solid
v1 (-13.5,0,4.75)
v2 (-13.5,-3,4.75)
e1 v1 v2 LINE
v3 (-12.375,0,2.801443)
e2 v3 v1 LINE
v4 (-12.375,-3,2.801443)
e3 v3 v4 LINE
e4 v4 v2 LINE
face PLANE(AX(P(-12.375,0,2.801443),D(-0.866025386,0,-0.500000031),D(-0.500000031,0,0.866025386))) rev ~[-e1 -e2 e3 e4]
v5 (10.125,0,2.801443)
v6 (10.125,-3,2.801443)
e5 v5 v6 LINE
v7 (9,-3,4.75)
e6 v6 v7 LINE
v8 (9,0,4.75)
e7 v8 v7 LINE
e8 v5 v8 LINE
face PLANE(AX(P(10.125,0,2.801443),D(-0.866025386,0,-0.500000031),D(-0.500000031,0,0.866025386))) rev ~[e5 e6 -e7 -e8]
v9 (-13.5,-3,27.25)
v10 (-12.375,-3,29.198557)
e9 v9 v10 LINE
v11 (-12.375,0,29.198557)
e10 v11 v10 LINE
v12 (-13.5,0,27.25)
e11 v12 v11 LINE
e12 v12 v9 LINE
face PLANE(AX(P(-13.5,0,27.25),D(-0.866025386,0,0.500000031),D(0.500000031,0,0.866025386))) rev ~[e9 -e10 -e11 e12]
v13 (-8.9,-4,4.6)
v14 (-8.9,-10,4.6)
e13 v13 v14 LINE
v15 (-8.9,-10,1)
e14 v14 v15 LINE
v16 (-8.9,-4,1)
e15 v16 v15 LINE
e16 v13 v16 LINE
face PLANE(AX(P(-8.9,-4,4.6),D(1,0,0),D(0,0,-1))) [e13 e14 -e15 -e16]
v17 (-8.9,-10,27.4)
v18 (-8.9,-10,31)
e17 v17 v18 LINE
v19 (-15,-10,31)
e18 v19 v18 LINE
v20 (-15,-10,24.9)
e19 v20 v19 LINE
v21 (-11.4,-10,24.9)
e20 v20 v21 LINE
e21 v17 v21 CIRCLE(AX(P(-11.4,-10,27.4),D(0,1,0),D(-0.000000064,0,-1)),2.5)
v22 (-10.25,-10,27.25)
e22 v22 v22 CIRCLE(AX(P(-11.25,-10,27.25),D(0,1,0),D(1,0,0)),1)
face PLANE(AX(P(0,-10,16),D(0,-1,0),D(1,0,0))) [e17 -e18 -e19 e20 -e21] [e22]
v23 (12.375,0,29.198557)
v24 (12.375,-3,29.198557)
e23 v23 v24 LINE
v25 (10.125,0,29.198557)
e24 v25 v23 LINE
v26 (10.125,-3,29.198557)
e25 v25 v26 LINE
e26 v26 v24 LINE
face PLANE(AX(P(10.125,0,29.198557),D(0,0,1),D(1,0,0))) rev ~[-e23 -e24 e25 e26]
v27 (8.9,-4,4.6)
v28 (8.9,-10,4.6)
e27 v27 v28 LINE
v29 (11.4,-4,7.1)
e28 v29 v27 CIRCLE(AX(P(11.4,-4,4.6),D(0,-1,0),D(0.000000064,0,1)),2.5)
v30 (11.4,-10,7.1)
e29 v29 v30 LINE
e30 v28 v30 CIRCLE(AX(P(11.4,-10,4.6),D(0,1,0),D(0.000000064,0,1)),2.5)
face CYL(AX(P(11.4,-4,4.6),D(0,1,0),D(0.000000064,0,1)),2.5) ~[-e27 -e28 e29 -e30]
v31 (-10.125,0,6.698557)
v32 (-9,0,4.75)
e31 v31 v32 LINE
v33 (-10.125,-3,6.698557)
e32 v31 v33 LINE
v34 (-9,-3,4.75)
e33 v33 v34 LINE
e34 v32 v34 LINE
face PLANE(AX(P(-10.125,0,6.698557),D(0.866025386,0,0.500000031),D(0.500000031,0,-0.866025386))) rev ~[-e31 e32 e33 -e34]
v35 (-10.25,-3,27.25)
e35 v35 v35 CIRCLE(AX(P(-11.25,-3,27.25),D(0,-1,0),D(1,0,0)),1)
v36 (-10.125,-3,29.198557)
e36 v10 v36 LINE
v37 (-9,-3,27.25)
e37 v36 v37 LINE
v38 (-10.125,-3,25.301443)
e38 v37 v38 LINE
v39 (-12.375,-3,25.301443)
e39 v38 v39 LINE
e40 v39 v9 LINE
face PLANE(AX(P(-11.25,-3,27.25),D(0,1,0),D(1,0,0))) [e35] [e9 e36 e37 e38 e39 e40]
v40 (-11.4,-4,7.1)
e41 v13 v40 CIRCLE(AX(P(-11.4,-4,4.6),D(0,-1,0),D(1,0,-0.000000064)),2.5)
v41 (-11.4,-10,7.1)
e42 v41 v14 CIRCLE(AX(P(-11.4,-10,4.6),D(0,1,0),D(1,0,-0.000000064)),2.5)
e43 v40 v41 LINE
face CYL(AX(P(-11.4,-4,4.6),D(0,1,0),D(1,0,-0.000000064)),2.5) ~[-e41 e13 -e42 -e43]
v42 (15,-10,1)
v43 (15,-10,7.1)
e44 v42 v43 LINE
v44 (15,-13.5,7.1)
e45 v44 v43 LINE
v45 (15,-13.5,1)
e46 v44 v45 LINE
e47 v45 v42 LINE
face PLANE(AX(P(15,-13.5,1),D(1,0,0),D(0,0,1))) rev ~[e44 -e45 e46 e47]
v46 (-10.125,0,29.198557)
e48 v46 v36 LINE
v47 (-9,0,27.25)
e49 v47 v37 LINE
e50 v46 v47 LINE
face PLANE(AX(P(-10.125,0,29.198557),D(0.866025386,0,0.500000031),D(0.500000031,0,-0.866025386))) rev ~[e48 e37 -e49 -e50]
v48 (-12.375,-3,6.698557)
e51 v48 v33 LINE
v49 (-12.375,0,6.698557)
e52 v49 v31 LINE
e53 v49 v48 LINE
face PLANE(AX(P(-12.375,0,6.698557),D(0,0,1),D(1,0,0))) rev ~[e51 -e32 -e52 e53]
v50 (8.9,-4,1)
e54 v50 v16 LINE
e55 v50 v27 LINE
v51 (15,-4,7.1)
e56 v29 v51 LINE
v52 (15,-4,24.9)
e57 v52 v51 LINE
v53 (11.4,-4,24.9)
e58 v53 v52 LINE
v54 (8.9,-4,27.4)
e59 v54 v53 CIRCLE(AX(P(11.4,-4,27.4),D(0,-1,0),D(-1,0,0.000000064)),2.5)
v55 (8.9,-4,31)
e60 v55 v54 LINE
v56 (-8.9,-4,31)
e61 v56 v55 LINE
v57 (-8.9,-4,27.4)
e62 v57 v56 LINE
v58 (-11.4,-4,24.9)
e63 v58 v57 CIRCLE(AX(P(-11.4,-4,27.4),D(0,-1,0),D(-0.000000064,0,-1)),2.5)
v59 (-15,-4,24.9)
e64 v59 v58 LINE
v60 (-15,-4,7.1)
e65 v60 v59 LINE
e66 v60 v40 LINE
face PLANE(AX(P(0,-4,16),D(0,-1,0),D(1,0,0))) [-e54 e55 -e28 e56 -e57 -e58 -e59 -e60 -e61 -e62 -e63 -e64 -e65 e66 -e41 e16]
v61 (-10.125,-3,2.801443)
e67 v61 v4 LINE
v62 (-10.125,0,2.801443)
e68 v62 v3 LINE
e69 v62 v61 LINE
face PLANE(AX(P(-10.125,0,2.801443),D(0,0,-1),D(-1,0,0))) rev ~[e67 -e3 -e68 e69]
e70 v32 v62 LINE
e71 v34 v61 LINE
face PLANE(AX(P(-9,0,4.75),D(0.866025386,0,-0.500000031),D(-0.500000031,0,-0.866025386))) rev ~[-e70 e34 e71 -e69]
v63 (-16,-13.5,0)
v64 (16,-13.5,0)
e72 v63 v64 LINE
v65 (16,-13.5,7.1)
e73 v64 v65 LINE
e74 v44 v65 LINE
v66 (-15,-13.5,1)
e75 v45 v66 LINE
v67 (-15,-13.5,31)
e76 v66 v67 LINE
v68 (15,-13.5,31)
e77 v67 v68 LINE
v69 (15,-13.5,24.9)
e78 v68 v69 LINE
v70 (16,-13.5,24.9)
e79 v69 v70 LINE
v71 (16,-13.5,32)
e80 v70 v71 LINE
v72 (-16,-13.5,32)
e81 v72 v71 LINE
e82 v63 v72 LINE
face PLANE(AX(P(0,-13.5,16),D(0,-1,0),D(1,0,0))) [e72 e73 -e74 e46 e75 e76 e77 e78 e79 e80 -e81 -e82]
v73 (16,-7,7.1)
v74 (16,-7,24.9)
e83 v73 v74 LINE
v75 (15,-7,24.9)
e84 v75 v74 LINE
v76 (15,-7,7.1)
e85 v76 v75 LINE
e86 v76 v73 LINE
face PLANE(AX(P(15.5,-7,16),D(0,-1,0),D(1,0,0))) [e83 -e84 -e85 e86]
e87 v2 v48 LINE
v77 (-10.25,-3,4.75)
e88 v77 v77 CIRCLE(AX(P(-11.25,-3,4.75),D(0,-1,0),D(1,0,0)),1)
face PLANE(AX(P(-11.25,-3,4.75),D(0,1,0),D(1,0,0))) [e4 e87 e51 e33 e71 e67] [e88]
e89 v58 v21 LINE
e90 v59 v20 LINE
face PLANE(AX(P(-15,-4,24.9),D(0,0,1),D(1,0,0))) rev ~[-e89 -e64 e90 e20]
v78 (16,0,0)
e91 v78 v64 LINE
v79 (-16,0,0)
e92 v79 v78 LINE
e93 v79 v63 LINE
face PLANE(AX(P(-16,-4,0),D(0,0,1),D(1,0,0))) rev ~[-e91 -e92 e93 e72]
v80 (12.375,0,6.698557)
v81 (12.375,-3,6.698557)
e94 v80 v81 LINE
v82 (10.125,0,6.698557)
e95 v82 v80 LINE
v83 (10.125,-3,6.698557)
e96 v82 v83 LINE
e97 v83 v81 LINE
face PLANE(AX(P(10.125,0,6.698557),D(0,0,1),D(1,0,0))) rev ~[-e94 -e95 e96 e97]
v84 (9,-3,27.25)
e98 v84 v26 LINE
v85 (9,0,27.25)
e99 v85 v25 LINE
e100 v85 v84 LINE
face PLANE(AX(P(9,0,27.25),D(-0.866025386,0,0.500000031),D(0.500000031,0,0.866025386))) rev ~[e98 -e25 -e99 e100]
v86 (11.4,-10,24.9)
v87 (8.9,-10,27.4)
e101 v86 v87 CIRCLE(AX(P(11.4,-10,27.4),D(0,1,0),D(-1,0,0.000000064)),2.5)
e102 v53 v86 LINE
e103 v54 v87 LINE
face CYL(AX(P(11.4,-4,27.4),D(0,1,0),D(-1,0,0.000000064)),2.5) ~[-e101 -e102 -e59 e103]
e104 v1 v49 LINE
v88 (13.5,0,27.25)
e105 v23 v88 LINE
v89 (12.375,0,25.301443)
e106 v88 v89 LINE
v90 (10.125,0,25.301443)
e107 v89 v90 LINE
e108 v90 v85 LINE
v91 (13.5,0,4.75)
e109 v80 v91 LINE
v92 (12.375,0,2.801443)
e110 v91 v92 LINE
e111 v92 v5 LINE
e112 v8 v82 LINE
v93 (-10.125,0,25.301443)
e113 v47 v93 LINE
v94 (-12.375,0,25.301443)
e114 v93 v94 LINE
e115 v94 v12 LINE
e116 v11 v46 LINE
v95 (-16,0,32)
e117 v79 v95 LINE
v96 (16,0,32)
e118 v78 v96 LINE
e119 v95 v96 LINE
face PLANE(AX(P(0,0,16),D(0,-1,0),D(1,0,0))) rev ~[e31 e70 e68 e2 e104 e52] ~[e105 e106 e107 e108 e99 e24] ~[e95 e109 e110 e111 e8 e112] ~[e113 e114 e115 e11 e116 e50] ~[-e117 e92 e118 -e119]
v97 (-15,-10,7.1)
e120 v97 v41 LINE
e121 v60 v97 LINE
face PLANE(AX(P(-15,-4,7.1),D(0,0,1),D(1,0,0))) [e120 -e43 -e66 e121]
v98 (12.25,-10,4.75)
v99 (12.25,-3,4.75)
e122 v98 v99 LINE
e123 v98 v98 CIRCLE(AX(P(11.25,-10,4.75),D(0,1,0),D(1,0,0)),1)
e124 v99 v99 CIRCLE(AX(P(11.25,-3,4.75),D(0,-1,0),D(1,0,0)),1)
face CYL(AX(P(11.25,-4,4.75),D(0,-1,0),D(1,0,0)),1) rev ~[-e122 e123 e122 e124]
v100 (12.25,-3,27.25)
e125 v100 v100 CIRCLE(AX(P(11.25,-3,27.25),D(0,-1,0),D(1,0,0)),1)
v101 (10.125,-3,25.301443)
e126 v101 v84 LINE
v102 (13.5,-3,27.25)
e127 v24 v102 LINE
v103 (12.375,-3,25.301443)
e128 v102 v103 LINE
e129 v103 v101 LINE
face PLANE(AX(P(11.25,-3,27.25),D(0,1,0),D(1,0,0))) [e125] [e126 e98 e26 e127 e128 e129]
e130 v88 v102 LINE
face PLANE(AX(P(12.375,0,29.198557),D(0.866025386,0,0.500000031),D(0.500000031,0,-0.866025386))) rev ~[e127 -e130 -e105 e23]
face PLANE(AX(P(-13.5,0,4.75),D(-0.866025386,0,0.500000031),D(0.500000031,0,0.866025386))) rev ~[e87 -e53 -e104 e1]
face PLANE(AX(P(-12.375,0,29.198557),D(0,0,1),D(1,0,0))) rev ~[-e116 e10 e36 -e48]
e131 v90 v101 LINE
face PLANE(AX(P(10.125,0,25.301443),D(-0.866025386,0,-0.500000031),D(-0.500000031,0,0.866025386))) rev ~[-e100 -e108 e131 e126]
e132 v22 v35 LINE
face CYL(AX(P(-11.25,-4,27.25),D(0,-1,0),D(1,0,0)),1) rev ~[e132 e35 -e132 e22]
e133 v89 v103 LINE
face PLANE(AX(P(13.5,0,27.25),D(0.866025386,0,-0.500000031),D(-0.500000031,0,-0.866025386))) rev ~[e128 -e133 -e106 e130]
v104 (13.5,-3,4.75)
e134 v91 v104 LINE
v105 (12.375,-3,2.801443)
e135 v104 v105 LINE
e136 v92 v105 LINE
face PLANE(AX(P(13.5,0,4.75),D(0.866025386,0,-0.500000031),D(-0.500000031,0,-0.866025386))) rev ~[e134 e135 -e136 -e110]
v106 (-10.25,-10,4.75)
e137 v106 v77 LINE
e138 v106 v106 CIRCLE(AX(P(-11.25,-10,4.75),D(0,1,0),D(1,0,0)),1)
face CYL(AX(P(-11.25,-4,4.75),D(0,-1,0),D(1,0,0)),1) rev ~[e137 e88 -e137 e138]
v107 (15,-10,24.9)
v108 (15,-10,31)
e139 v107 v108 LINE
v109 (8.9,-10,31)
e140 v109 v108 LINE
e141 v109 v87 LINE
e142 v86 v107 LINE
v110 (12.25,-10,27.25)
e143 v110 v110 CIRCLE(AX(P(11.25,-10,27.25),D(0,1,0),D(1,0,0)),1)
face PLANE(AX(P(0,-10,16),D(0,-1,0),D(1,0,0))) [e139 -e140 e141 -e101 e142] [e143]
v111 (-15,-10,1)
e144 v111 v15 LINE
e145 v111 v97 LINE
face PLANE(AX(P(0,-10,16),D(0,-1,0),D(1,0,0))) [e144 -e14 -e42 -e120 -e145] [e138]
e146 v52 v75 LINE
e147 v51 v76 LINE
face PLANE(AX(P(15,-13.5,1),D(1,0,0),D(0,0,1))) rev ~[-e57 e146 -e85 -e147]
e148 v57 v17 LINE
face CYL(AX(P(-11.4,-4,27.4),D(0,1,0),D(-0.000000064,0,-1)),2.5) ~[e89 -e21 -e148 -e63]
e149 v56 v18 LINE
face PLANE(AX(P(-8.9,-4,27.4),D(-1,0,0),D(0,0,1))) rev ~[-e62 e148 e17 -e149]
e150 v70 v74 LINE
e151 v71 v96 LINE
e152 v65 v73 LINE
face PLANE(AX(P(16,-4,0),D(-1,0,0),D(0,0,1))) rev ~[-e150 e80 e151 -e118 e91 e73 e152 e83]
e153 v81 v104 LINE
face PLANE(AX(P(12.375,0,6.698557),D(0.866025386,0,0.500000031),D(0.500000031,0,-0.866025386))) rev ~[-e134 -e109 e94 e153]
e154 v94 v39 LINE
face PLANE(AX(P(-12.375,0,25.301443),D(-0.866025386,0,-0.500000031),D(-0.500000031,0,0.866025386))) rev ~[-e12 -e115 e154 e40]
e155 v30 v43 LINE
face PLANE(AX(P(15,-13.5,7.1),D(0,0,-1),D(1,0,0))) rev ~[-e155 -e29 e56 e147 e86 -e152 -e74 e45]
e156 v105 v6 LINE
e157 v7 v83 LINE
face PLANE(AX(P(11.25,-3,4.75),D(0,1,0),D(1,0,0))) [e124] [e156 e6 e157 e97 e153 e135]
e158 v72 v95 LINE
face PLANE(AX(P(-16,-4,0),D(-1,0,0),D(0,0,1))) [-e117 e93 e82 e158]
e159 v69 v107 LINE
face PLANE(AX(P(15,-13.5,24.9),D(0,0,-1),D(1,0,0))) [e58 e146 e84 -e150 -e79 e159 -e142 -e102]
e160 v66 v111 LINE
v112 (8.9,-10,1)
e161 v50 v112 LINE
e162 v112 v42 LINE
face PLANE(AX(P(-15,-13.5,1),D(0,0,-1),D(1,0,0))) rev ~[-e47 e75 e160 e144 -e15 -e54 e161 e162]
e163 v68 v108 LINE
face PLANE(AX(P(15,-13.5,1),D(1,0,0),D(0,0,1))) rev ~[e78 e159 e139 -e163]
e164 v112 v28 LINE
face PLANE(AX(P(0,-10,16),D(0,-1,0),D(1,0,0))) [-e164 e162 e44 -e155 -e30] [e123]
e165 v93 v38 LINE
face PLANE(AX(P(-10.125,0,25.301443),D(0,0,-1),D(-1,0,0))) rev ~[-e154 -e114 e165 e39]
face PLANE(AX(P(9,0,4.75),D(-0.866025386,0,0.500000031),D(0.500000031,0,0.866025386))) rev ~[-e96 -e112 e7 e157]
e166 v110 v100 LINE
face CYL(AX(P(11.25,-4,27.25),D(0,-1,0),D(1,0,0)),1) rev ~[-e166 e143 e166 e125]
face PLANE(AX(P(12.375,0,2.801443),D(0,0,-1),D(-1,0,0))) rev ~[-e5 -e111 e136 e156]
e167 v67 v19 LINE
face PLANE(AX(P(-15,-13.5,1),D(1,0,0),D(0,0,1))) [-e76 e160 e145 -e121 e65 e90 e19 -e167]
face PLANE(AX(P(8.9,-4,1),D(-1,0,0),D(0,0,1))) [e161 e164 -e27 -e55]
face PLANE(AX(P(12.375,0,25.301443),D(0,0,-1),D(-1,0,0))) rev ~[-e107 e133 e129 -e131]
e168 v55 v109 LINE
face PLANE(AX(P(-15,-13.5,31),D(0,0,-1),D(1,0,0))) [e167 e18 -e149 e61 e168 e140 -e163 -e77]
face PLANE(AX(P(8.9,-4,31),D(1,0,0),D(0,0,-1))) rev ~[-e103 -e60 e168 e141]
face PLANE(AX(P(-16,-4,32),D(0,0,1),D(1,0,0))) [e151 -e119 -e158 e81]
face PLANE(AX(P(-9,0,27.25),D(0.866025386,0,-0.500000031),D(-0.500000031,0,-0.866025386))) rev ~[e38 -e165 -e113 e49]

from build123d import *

# Parameters (mm, degrees)
SKETCH_W             = 32
SKETCH_H             = 32
PAD_DEPTH            = 4
SKETCH001_W          = 32
SKETCH001_H          = 32
SKETCH001_R          = 1
PAD001_DEPTH         = 9.5
SKETCH002_W          = 30
SKETCH002_H          = 30
POCKET_DEPTH         = 3.5
SKETCH003_W          = 1
SKETCH003_H          = 17.8
POCKET001_DEPTH      = 6.5
SKETCH004_R          = 1
POCKET002_DEPTH      = 4.001
POCKET002_DEPTH_BACK = 9.501
POCKET003_DEPTH      = 3


with BuildPart() as part:
    # Sketch → Pad (new body)
    with BuildSketch(Plane.XZ):
        with Locations((0, 16)):
            Rectangle(SKETCH_W, SKETCH_H)
    extrude(amount=PAD_DEPTH)

    # Sketch001 (on Face6 of Pad) → Pad001 (join)
    with BuildSketch(Plane.XZ.offset(4)):
        with Locations((0, 16)):
            Rectangle(SKETCH001_W, SKETCH001_H)
        with Locations((-11.25, 4.75)):
            Circle(SKETCH001_R, mode=Mode.SUBTRACT)
        with Locations((11.25, 4.75)):
            Circle(SKETCH001_R, mode=Mode.SUBTRACT)
        with Locations((11.25, 27.25)):
            Circle(SKETCH001_R, mode=Mode.SUBTRACT)
        with Locations((-11.25, 27.25)):
            Circle(SKETCH001_R, mode=Mode.SUBTRACT)
        with BuildLine():
            Line((-15, 24.9), (-11.4, 24.9))
            ThreePointArc((-11.4, 24.9), (-9.632233, 25.632233), (-8.9, 27.4))
            Line((-8.9, 27.4), (-8.9, 31))
            Line((-8.9, 31), (8.9, 31))
            Line((8.9, 31), (8.9, 27.4))
            ThreePointArc((8.9, 27.4), (9.632233, 25.632233), (11.4, 24.9))
            Line((11.4, 24.9), (15, 24.9))
            Line((15, 24.9), (15, 7.1))
            Line((11.4, 7.1), (15, 7.1))
            ThreePointArc((11.4, 7.1), (9.632233, 6.367767), (8.9, 4.6))
            Line((8.9, 1), (8.9, 4.6))
            Line((8.9, 1), (-8.9, 1))
            Line((-8.9, 4.6), (-8.9, 1))
            ThreePointArc((-8.9, 4.6), (-9.632233, 6.367767), (-11.4, 7.1))
            Line((-15, 7.1), (-11.4, 7.1))
            Line((-15, 7.1), (-15, 24.9))
        make_face(mode=Mode.SUBTRACT)
    extrude(amount=PAD001_DEPTH)

    # Sketch002 (on Face9 of Pad001) → Pocket (cut)
    with BuildSketch(Plane.XZ.offset(13.5)):
        with Locations((0, 16)):
            Rectangle(SKETCH002_W, SKETCH002_H)
    extrude(amount=-POCKET_DEPTH, mode=Mode.SUBTRACT)

    # Sketch003 (on Face9 of Pocket) → Pocket001 (cut)
    with BuildSketch(Plane.XZ.offset(13.5)):
        with Locations((15.5, 16)):
            Rectangle(SKETCH003_W, SKETCH003_H)
    extrude(amount=-POCKET001_DEPTH, mode=Mode.SUBTRACT)

    # Sketch004 (on Face35 of Pocket001) → Pocket002 (cut, two sides)
    with BuildSketch(Plane.XZ.offset(4)) as pocket002_sk:
        with Locations((-11.25, 27.25)):
            Circle(SKETCH004_R)
        with Locations((11.25, 27.25)):
            Circle(SKETCH004_R)
        with Locations((11.25, 4.75)):
            Circle(SKETCH004_R)
        with Locations((-11.25, 4.75)):
            Circle(SKETCH004_R)
    extrude(amount=-POCKET002_DEPTH, mode=Mode.SUBTRACT)
    extrude(pocket002_sk.sketch, amount=POCKET002_DEPTH_BACK, mode=Mode.SUBTRACT)

    # Sketch005 (on Face4 of Pocket002) → Pocket003 (cut)
    with BuildSketch(Plane(origin=(0, 0, 0), x_dir=(1, 0, 0), z_dir=(0, 1, 0))):
        Polygon((-10.125, -6.698557), (-9, -4.75), (-10.125, -2.801443), (-12.375, -2.801443), (-13.5, -4.75), (-12.375, -6.698557), align=None)
        Polygon((12.375, -6.698557), (13.5, -4.75), (12.375, -2.801443), (10.125, -2.801443), (9, -4.75), (10.125, -6.698557), align=None)
        Polygon((12.375, -29.198557), (13.5, -27.25), (12.375, -25.301443), (10.125, -25.301443), (9, -27.25), (10.125, -29.198557), align=None)
        Polygon((-10.125, -29.198557), (-9, -27.25), (-10.125, -25.301443), (-12.375, -25.301443), (-13.5, -27.25), (-12.375, -29.198557), align=None)
    extrude(amount=-POCKET003_DEPTH, mode=Mode.SUBTRACT)


solid = part.part
